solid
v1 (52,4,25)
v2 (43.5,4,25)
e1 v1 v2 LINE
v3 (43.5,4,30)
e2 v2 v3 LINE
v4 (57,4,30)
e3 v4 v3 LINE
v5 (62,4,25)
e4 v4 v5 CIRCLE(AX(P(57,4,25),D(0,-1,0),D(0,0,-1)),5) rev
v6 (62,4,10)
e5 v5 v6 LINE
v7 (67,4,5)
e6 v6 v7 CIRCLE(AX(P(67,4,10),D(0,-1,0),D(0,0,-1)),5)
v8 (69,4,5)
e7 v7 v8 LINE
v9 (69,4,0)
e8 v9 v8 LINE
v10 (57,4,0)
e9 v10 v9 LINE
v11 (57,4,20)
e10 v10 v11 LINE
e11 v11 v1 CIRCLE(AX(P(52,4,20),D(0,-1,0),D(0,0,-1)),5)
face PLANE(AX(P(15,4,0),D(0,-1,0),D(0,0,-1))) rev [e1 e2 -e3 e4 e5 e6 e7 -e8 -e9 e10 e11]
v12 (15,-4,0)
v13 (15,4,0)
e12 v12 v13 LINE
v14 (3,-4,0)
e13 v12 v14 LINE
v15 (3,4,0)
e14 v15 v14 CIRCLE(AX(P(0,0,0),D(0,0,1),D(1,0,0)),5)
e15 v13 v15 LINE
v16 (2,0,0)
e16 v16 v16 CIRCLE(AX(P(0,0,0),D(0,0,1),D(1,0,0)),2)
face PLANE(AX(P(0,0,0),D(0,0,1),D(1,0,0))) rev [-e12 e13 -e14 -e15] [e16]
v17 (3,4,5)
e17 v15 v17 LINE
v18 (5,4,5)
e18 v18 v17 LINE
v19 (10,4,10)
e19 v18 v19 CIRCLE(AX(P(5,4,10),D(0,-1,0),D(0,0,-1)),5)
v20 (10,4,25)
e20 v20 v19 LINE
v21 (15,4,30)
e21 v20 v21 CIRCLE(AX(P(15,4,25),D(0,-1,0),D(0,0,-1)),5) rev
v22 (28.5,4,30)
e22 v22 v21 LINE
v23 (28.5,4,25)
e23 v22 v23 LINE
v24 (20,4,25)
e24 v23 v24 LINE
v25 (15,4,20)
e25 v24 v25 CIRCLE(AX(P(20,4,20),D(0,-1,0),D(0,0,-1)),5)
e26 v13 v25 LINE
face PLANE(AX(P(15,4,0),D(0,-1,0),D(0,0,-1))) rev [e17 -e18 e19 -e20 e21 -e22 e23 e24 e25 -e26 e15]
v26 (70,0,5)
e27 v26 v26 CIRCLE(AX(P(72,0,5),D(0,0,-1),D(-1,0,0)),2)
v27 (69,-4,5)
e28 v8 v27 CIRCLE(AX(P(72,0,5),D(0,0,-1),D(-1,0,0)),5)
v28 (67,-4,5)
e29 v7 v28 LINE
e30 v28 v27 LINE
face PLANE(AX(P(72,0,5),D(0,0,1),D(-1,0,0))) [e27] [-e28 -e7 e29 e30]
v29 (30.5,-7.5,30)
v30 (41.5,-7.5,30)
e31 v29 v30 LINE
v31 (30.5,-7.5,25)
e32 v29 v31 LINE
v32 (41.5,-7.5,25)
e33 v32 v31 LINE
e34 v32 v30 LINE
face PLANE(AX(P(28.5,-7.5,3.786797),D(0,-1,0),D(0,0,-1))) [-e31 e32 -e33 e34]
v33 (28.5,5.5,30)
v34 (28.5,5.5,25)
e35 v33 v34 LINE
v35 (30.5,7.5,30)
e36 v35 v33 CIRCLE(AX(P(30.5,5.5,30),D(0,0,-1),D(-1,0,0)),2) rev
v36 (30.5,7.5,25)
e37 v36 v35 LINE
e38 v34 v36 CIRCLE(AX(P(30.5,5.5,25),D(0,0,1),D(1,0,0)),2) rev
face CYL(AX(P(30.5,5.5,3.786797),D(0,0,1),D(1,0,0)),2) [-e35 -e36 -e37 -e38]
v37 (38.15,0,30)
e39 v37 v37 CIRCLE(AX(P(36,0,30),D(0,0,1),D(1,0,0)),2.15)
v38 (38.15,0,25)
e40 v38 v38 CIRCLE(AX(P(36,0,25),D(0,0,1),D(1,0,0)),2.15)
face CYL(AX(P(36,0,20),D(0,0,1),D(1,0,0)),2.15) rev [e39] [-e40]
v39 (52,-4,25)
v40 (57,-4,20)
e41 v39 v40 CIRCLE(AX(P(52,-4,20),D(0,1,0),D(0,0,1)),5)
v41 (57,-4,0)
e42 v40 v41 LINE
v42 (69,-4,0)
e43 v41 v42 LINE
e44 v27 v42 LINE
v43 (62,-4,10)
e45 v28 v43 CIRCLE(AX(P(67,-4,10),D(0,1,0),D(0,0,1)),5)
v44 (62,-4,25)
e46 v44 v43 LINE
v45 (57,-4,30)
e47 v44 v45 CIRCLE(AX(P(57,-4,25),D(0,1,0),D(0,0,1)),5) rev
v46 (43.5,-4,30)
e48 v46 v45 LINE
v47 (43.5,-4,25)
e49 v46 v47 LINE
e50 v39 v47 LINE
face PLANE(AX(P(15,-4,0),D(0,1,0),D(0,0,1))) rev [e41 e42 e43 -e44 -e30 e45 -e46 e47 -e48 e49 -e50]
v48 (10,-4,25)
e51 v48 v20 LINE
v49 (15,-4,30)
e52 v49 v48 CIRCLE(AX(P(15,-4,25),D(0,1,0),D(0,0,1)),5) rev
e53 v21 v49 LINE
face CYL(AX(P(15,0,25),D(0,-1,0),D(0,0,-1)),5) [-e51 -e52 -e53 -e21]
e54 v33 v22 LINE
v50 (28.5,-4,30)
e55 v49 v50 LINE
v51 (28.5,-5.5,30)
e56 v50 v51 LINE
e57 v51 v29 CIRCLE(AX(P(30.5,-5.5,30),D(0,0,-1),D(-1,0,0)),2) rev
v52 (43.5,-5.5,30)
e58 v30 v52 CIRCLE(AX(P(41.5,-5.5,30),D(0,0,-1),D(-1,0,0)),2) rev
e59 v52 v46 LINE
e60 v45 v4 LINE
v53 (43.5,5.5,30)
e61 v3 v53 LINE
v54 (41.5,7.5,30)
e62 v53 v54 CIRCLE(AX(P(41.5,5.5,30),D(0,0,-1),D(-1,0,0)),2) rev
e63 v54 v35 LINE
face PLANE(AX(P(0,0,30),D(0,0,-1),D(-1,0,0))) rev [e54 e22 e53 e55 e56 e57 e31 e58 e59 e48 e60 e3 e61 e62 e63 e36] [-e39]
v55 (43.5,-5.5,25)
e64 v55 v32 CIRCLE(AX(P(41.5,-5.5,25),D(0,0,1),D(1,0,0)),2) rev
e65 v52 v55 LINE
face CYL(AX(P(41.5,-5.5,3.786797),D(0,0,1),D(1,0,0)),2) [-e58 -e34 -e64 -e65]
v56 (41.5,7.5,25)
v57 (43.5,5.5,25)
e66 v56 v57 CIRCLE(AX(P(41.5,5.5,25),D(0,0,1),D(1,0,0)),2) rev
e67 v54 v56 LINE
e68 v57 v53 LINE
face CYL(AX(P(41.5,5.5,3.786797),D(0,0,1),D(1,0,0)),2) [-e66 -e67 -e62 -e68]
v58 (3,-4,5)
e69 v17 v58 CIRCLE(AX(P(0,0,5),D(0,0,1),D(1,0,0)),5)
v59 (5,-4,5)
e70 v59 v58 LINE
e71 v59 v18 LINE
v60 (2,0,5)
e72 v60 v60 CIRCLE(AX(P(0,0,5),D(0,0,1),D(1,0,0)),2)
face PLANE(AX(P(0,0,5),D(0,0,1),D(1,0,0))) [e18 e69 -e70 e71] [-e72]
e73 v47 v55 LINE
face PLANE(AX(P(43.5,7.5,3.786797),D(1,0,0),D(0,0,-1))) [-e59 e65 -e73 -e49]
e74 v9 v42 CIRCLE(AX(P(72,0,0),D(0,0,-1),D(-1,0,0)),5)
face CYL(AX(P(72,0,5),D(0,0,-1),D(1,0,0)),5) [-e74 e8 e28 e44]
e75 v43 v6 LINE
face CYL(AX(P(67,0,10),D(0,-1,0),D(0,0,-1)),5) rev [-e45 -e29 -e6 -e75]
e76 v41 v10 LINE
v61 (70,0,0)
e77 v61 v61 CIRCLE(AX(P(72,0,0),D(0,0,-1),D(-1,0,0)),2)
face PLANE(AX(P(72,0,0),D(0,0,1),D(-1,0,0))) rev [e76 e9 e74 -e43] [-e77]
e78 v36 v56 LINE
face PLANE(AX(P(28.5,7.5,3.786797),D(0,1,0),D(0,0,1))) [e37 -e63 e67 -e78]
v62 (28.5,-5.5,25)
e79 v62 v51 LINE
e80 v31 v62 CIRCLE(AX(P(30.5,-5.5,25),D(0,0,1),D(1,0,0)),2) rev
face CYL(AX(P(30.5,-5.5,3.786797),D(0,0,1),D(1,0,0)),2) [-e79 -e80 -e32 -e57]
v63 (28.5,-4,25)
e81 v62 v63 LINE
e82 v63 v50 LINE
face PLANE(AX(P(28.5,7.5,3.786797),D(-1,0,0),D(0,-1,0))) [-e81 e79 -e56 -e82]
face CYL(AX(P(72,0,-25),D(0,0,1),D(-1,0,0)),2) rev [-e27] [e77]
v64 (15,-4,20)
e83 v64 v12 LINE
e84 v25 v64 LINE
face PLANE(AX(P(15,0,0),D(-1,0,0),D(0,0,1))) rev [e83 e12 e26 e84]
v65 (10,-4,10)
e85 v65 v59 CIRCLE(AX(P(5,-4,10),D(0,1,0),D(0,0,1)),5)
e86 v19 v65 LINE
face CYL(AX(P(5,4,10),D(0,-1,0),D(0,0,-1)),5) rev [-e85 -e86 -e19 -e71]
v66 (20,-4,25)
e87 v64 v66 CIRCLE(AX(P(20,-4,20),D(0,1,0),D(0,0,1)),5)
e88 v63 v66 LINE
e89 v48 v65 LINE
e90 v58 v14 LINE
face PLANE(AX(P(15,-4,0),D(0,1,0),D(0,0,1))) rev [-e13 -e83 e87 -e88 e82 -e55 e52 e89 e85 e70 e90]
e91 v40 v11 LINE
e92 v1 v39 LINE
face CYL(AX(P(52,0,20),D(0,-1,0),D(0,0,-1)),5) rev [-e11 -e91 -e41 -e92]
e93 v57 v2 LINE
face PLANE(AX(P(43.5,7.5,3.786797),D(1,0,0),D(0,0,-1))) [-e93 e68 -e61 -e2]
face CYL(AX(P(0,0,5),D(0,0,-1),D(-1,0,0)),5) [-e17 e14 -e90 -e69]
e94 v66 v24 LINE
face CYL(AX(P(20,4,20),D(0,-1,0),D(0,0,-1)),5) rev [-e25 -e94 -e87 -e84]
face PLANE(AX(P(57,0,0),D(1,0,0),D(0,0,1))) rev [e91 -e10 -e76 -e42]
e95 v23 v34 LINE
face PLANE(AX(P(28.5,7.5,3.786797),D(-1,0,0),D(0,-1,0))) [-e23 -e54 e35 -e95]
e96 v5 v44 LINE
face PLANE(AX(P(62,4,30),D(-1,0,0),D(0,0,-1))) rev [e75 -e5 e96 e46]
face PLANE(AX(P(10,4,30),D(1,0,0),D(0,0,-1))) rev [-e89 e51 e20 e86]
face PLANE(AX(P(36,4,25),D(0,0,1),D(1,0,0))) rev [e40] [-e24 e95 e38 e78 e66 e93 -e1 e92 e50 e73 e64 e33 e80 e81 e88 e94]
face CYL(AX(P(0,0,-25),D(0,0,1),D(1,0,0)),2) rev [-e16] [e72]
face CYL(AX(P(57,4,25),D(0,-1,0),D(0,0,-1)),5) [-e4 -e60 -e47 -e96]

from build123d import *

# Parameters (mm, degrees)
SKETCH_1_R          = 5
EXTRUDE_1_DEPTH     = 5
SKETCH_3_W          = 5
SKETCH_3_H          = 8
EXTRUDE_2_DEPTH     = 15
SKETCH_2_R          = 2
CUT_EXTRUDE_1_DEPTH = 30
SKETCH_6_W          = 5
SKETCH_6_H          = 8
EXTRUDE_4_DEPTH     = 25
SKETCH_7_W          = 5
SKETCH_7_H          = 8
EXTRUDE_5_DEPTH     = 21
SKETCH_8_W          = 15
SKETCH_8_H          = 15
EXTRUDE_6_DEPTH     = 5
FILLET_2_R          = 2
SKETCH_9_R          = 2.15
CUT_EXTRUDE_2_DEPTH = 10
FILLET_3_R          = 5


with BuildPart() as part:
    # 草图1 → 凸台-拉伸1 (new body)
    with BuildSketch(Plane.XY):
        Circle(SKETCH_1_R)
    extrude(amount=EXTRUDE_1_DEPTH)

    # 草图3 → 凸台-拉伸2 (add)
    with BuildSketch(Plane(origin=(0, 0, 0), x_dir=(0, 0, -1), z_dir=(1, 0, 0))):
        with Locations((-2.5, 0)):
            Rectangle(SKETCH_3_W, SKETCH_3_H)
    extrude(amount=EXTRUDE_2_DEPTH)

    # 草图2 → 切除-拉伸1 (cut)
    with BuildSketch(Plane.XY.offset(5)):
        Circle(SKETCH_2_R)
    extrude(amount=-CUT_EXTRUDE_1_DEPTH, mode=Mode.SUBTRACT)

    # 草图6 → 凸台-拉伸4 (add)
    with BuildSketch(Plane.XY.offset(5)):
        with Locations((12.5, 0)):
            Rectangle(SKETCH_6_W, SKETCH_6_H)
    extrude(amount=EXTRUDE_4_DEPTH)

    # 草图7 → 凸台-拉伸5 (add)
    with BuildSketch(Plane(origin=(15, 0, 0), x_dir=(0, 0, -1), z_dir=(1, 0, 0))):
        with Locations((-27.5, 0)):
            Rectangle(SKETCH_7_W, SKETCH_7_H)
    extrude(amount=EXTRUDE_5_DEPTH)

    # 镜向2: part across plane


with BuildPart() as part_1:
    add(part.part)
    add(part.part.mirror(Plane(origin=(36, 0, 0), x_dir=(0, 0, 1), z_dir=(1, 0, 0))))

    # 草图8 → 凸台-拉伸6 (add)
    with BuildSketch(Plane.XY.offset(30)):
        with Locations((36, 0)):
            Rectangle(SKETCH_8_W, SKETCH_8_H)
    extrude(amount=-EXTRUDE_6_DEPTH)

    # 圆角2
    fillet_2_edges = [part_1.edges().sort_by_distance(p)[0] for p in [
        (28.5, -7.5, 27.5),
        (43.5, 7.5, 27.5),
        (28.5, 7.5, 27.5),
        (43.5, -7.5, 27.5),
    ]]
    fillet(fillet_2_edges, radius=FILLET_2_R)

    # 草图9 → 切除-拉伸2 (cut)
    with BuildSketch(Plane.XY.offset(30)):
        with Locations((36, 0)):
            Circle(SKETCH_9_R)
    extrude(amount=-CUT_EXTRUDE_2_DEPTH, mode=Mode.SUBTRACT)

    # 圆角3
    fillet_3_edges = [part_1.edges().sort_by_distance(p)[0] for p in [
        (10, 0, 5),
        (10, 0, 30),
        (15, 0, 25),
        (57, 0, 25),
        (62, 0, 5),
        (62, 0, 30),
    ]]
    fillet(fillet_3_edges, radius=FILLET_3_R)


solid = part_1.part
